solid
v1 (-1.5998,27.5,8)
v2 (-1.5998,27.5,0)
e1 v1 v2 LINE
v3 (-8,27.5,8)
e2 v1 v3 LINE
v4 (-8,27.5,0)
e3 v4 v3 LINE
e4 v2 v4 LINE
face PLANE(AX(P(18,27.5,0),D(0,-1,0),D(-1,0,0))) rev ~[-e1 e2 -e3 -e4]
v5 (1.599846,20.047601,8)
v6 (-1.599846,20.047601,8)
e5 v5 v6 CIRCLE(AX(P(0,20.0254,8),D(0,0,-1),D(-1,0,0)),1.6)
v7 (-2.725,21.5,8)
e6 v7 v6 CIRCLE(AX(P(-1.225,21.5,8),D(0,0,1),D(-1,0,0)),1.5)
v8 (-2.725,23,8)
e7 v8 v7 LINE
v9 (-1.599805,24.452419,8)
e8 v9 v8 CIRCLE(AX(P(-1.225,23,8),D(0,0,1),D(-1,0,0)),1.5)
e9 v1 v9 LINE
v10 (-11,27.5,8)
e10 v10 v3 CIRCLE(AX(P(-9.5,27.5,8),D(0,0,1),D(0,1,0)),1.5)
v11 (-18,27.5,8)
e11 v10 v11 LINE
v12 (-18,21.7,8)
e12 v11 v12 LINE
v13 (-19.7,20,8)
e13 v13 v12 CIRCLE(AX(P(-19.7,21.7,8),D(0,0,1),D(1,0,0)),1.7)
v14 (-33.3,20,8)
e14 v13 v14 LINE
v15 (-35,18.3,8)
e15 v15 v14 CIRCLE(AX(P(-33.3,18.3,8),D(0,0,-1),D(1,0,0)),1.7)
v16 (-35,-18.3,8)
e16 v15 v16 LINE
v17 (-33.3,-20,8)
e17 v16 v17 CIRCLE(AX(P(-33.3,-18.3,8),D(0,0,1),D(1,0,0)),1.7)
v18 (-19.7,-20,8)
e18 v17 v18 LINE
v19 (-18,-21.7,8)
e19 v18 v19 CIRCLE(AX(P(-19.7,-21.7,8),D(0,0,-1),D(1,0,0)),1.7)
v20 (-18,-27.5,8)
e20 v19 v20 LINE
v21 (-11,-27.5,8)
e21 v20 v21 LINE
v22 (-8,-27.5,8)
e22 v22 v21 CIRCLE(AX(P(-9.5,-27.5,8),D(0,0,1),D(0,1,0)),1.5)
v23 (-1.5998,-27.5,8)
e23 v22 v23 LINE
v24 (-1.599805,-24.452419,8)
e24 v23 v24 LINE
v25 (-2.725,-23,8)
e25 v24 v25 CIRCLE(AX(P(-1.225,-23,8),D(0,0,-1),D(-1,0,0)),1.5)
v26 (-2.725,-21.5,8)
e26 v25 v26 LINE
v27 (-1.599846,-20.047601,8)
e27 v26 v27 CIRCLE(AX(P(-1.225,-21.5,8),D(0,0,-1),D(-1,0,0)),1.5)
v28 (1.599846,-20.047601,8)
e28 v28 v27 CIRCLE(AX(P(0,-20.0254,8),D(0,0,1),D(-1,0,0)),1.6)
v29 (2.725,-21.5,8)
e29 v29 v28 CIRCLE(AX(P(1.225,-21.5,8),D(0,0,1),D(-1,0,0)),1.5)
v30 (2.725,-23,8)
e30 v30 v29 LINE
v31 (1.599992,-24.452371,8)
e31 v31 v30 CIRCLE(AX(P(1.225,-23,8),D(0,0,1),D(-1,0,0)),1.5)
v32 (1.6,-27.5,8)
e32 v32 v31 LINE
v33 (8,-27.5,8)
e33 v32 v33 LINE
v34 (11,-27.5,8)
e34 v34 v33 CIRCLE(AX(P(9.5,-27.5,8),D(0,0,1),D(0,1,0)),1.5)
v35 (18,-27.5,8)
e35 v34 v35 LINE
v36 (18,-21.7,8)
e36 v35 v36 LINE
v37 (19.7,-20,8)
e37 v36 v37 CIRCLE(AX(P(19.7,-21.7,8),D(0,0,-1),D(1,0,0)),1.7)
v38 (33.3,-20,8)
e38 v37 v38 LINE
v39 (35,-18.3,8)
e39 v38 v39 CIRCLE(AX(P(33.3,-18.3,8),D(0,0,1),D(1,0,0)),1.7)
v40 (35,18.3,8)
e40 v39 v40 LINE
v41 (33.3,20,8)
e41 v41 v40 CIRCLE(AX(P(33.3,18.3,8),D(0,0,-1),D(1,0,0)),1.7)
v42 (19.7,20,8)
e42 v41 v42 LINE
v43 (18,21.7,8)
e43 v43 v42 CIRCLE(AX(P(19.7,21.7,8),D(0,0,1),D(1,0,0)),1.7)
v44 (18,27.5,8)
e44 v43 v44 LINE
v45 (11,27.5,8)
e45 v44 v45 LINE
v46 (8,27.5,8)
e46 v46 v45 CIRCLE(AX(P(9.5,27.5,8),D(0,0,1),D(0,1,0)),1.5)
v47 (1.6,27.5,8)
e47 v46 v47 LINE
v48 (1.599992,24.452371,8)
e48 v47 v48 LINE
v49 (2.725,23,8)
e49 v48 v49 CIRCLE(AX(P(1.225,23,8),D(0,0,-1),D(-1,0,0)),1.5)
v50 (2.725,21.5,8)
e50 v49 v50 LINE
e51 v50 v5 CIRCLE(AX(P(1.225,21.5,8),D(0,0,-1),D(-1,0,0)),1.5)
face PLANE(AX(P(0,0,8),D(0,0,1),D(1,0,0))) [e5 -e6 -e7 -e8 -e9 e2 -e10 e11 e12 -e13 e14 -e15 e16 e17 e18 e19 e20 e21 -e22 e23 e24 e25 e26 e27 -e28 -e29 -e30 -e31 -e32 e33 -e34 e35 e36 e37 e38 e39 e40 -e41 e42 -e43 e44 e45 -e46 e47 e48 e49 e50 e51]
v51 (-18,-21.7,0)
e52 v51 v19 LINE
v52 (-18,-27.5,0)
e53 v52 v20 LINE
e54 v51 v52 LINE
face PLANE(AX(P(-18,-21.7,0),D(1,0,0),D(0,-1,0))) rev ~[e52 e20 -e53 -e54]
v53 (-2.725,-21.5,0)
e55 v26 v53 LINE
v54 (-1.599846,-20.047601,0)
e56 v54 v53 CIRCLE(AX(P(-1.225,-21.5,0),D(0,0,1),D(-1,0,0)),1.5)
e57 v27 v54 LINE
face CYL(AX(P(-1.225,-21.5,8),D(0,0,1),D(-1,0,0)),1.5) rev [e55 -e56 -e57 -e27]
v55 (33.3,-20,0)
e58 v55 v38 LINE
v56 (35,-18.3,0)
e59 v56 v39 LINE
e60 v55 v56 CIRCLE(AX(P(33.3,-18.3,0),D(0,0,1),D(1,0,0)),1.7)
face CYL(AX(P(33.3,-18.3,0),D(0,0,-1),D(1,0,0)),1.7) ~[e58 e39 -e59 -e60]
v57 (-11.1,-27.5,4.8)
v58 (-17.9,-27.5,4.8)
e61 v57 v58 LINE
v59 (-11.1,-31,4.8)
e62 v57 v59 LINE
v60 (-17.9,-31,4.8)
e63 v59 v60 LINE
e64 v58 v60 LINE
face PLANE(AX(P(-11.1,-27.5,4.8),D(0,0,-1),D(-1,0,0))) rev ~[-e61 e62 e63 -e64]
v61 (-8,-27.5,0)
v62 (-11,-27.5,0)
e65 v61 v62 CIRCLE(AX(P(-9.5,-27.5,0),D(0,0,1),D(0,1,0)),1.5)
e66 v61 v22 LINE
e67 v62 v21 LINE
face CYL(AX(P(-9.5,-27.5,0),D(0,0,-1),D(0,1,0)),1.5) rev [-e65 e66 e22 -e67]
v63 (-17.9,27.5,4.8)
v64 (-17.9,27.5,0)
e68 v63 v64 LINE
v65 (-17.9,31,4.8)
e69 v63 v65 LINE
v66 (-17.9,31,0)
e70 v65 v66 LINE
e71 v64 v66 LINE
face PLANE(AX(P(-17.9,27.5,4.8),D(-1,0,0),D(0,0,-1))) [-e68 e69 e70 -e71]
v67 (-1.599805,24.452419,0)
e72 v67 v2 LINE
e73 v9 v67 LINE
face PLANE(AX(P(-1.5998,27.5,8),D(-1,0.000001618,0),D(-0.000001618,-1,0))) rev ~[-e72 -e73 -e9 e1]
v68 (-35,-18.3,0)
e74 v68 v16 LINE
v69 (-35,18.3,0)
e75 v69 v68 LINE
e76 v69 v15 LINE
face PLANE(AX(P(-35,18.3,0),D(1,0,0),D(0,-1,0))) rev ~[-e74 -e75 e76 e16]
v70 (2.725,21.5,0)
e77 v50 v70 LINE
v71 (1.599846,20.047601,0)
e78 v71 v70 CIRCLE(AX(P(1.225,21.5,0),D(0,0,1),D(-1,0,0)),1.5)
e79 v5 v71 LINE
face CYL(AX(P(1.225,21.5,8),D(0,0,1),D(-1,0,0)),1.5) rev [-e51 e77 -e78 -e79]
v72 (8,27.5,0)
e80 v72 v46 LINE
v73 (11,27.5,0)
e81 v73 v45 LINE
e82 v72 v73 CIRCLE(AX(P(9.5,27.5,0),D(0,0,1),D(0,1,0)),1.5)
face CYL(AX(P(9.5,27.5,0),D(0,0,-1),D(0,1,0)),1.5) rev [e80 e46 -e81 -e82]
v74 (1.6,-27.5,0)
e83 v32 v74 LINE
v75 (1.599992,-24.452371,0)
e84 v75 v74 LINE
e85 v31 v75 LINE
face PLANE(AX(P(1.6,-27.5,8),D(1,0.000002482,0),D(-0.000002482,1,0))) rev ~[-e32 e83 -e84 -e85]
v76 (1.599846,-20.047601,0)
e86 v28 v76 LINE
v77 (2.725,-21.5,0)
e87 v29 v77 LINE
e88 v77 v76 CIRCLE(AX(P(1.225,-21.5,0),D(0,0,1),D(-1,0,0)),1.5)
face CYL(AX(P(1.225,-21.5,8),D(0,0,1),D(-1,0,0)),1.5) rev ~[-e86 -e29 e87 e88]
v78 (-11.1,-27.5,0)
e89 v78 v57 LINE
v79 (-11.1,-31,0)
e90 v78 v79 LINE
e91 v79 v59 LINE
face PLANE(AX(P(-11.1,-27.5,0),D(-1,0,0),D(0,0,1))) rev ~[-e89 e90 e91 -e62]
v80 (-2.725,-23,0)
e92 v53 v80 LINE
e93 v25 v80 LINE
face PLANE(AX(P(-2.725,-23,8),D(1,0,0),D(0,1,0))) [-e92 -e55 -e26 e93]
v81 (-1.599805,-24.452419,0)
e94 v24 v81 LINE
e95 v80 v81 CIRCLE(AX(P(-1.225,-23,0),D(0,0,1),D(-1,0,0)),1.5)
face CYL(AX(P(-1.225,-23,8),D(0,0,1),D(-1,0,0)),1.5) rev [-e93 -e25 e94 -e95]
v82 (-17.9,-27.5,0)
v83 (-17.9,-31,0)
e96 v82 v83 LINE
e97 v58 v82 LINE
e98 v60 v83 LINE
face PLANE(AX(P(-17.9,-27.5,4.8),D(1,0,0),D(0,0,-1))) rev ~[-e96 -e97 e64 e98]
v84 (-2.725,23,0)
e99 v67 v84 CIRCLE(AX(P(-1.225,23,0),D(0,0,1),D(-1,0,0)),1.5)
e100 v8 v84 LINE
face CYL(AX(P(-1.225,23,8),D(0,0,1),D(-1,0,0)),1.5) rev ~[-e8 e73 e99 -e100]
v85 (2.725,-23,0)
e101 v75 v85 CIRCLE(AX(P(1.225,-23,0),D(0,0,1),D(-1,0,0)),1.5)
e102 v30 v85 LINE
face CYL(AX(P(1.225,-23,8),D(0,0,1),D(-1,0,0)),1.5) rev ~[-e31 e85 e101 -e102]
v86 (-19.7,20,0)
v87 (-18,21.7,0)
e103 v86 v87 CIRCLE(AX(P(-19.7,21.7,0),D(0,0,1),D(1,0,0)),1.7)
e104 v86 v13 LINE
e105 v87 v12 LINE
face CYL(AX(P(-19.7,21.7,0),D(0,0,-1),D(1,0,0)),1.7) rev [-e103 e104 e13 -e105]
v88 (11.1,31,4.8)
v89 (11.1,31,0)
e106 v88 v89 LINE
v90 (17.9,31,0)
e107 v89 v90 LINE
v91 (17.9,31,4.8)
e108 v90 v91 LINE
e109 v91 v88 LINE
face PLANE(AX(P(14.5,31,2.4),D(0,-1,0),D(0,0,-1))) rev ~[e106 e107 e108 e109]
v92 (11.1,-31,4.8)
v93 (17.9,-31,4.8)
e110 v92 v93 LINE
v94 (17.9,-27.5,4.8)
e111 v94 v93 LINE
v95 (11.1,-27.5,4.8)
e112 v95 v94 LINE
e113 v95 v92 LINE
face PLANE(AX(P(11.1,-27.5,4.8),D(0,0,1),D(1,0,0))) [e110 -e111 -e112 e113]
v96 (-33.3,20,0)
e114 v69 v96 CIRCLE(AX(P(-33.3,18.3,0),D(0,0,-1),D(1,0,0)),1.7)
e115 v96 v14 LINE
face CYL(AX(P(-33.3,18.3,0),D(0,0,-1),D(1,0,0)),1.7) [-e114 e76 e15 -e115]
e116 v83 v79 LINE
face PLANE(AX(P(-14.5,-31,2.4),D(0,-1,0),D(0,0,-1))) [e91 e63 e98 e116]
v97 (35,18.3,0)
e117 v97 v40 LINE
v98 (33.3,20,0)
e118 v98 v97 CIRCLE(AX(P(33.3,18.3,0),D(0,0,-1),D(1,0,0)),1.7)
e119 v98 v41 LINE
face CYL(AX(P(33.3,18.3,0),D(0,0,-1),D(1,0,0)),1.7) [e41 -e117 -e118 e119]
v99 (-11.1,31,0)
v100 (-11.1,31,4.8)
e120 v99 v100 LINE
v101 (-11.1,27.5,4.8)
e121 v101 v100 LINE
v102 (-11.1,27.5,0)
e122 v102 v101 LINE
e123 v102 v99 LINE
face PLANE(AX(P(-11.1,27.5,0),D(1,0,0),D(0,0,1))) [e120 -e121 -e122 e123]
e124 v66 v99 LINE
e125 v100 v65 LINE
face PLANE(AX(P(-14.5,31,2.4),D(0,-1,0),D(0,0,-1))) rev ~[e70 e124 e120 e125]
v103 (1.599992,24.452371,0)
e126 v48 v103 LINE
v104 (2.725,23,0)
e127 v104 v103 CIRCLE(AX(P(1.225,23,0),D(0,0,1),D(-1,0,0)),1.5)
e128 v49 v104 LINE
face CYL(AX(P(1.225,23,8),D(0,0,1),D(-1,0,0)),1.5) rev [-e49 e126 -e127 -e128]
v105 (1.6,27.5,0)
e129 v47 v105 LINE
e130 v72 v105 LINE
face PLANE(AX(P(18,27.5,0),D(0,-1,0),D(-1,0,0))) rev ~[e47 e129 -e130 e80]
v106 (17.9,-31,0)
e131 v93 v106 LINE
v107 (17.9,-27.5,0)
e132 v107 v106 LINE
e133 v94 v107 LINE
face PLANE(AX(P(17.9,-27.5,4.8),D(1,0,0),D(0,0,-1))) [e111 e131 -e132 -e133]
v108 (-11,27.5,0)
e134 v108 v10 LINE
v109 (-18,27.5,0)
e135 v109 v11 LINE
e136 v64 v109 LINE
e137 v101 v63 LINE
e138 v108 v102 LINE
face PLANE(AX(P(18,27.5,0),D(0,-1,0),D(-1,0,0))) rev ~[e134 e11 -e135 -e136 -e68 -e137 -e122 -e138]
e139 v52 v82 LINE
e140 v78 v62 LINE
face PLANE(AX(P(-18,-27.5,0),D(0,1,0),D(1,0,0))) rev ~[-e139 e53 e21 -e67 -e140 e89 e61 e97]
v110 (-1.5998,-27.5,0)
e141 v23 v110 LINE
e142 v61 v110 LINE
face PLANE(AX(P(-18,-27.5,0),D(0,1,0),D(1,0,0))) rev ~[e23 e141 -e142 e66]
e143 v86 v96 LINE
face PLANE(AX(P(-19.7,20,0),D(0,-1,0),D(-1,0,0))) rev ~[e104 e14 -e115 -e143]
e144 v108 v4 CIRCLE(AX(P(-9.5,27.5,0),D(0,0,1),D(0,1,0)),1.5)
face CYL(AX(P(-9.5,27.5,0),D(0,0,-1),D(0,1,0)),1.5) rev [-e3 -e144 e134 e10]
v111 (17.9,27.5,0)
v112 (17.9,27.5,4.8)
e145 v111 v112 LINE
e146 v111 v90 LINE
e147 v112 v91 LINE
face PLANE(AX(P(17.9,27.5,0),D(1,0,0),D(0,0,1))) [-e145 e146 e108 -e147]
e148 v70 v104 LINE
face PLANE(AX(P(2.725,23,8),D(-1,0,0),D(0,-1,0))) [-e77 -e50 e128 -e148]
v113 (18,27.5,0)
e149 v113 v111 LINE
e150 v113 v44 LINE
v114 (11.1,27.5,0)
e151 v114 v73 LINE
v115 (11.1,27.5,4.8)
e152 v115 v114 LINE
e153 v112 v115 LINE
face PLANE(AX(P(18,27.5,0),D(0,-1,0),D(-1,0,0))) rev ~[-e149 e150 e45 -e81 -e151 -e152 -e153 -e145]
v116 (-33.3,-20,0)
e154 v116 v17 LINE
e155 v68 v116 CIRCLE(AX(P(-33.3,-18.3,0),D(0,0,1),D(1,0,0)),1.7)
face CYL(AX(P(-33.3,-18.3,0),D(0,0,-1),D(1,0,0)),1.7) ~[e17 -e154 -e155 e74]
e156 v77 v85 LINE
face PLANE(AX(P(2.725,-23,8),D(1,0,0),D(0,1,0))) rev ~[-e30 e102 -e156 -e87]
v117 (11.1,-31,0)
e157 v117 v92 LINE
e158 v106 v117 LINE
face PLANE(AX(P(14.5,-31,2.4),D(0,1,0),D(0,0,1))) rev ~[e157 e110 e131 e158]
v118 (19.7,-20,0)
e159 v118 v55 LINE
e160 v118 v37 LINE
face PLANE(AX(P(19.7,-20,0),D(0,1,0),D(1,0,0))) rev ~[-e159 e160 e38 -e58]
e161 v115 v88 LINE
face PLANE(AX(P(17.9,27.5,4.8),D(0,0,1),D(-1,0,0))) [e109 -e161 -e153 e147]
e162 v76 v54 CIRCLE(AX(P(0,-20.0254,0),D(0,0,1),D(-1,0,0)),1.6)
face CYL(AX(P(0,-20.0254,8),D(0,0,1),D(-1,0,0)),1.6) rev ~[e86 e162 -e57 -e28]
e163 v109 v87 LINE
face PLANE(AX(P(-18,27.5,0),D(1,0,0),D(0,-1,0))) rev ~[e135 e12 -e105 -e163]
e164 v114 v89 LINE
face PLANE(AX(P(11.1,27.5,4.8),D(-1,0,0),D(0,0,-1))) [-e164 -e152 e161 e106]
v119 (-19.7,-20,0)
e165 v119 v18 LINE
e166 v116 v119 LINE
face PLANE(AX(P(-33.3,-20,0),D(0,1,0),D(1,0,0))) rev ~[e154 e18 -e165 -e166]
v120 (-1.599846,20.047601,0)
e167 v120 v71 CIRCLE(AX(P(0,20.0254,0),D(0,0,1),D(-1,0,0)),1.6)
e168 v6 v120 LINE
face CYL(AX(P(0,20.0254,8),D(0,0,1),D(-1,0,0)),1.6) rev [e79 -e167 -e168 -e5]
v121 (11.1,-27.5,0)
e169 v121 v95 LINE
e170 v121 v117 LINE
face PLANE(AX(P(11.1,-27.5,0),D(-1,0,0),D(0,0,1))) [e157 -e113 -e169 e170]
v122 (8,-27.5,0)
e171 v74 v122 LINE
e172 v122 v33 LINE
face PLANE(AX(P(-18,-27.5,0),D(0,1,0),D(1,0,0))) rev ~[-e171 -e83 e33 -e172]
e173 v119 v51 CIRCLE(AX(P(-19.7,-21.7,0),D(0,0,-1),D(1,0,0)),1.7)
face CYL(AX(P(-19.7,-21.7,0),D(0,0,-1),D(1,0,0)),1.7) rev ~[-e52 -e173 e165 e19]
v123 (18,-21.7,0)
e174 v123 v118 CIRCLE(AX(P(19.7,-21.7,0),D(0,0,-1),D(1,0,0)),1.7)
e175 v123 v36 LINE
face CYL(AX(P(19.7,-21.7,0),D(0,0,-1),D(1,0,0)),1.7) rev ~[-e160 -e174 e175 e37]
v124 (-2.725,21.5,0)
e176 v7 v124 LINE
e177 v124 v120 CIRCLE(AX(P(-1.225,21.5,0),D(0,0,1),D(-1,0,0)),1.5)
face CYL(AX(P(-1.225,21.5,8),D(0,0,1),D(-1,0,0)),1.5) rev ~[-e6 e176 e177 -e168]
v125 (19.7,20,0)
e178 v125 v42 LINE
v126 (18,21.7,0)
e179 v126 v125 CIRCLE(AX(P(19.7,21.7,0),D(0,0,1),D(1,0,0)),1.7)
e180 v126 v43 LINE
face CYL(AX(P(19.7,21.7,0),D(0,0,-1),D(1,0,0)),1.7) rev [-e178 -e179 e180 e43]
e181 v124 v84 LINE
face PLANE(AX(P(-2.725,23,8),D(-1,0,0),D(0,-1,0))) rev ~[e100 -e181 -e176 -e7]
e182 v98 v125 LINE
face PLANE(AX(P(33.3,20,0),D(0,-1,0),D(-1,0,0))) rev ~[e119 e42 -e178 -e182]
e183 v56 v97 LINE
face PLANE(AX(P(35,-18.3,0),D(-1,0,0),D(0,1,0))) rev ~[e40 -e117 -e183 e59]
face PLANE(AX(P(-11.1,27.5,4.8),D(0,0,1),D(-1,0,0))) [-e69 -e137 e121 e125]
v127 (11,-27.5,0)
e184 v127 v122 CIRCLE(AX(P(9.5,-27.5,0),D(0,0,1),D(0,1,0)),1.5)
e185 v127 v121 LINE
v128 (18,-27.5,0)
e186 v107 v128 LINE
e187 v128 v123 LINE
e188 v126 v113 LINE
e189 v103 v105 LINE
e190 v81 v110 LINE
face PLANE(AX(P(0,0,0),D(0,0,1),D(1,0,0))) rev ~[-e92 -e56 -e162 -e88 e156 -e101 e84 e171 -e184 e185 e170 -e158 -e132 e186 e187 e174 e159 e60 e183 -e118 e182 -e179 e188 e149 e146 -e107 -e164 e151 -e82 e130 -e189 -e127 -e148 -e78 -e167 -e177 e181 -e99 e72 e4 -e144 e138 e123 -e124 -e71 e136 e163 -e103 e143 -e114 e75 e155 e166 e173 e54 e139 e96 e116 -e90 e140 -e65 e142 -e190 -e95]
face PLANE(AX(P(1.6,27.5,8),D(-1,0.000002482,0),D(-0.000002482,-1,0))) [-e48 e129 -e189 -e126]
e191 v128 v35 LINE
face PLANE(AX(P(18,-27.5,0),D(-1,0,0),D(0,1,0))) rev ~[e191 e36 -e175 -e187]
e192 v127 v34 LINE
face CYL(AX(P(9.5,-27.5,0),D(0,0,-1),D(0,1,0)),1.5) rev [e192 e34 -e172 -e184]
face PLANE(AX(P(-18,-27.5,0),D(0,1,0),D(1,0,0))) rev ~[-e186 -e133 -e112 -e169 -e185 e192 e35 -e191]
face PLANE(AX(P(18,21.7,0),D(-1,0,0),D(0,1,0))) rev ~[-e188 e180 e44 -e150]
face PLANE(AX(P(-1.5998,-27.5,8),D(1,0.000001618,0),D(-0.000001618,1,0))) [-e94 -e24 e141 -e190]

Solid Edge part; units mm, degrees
sketch "Sketch1" plane through (0, 0, 0) normal (0, 0, 1) x (1, 0, 0)
  line L0 (-18, -27.5) -> (18, -27.5)
  line L1 (18, -27.5) -> (18, -21.7)
  arc A0 (18, -21.7) -> (19.7, -20) centre (19.7, -21.7) cw
  line L2 (19.7, -20) -> (33.3, -20)
  arc A1 (33.3, -20) -> (35, -18.3) centre (33.3, -18.3) ccw
  line L3 (35, -18.3) -> (35, 18.3)
  arc A2 (33.3, 20) -> (35, 18.3) centre (33.3, 18.3) cw
  line L4 (33.3, 20) -> (19.7, 20)
  arc A3 (18, 21.7) -> (19.7, 20) centre (19.7, 21.7) ccw
  line L5 (18, 21.7) -> (18, 27.5)
  line L6 (18, 27.5) -> (-18, 27.5)
  line L7 (-18, 27.5) -> (-18, 21.7)
  arc A4 (-19.7, 20) -> (-18, 21.7) centre (-19.7, 21.7) ccw
  line L8 (-19.7, 20) -> (-33.3, 20)
  arc A5 (-35, 18.3) -> (-33.3, 20) centre (-33.3, 18.3) cw
  line L9 (-35, 18.3) -> (-35, -18.3)
  arc A6 (-35, -18.3) -> (-33.3, -20) centre (-33.3, -18.3) ccw
  line L10 (-33.3, -20) -> (-19.7, -20)
  arc A7 (-19.7, -20) -> (-18, -21.7) centre (-19.7, -21.7) cw
  line L11 (-18, -21.7) -> (-18, -27.5)
extrude "Protrusion1" add sketch "Sketch1" along normal blind 8
sketch "Sketch2" plane through (0, -27.5, 4) normal (0, -1, 0) x (1, 0, 0)
  line L0 (-11.1, 0.8) -> (-17.9, 0.8)
  line L1 (-17.9, 0.8) -> (-17.9, -4)
  line L2 (-17.9, -4) -> (-11.1, -4)
  line L3 (-11.1, -4) -> (-11.1, 0.8)
  line L4 (11.1, 0.8) -> (17.9, 0.8)
  line L5 (17.9, 0.8) -> (17.9, -4)
  line L6 (17.9, -4) -> (11.1, -4)
  line L7 (11.1, -4) -> (11.1, 0.8)
extrude "ExtrudedProtrusion_2" add sketch "Sketch2" along normal blind 3.5
sketch "Sketch3" plane through (0, 27.5, 4) normal (0, 1, 0) x (-1, 0, 0)
  line L0 (-17.9, 0.8) -> (-11.1, 0.8)
  line L1 (-11.1, 0.8) -> (-11.1, -4)
  line L2 (-11.1, -4) -> (-17.9, -4)
  line L3 (-17.9, -4) -> (-17.9, 0.8)
extrude "ExtrudedProtrusion_3" add sketch "Sketch3" along normal blind 3.5
sketch "Sketch4" plane through (0, 0, 0) normal (0, 0, -1) x (0, 1, 0)
  arc A0 (-27.5, -8) -> (-27.5, -11) centre (-27.5, -9.5) cw
  line L0 (-27.5, -8) -> (-27.5, -11)
  arc A1 (-27.5, 11) -> (-27.5, 8) centre (-27.5, 9.5) cw
  line L1 (-27.5, 8) -> (-27.5, 11)
  arc A2 (27.5, -11) -> (27.5, -8) centre (27.5, -9.5) cw
  line L2 (27.5, -8) -> (27.5, -11)
  arc A3 (27.5, 8) -> (27.5, 11) centre (27.5, 9.5) cw
  line L3 (27.5, 8) -> (27.5, 11)
extrude "ExtrudedCutout_2" cut sketch "Sketch4" against normal blind 8
sketch "Sketch5" plane through (0, 27.5, 4) normal (0, 1, 0) x (-1, 0, 0)
  line L0 (11.1, 0.8) -> (17.9, 0.8)
  line L1 (17.9, 0.8) -> (17.9, -4)
  line L2 (17.9, -4) -> (11.1, -4)
  line L3 (11.1, -4) -> (11.1, 0.8)
extrude "ExtrudedProtrusion_4" add sketch "Sketch5" along normal blind 3.5
sketch "Sketch6" plane through (0, 0, 8) normal (0, 0, 1) x (-1, 0, 0)
  arc A0 (-1.5998, 20.0476) -> (1.5998, 20.0476) centre (0, 20.0254) ccw
  arc A1 (2.725, 21.5) -> (1.5998, 20.0476) centre (1.225, 21.5) cw
  line L0 (2.725, 23) -> (2.725, 21.5)
  arc A2 (1.5998, 24.4524) -> (2.725, 23) centre (1.225, 23) cw
  line L1 (1.5998, 27.5) -> (1.5998, 24.4524)
  line L2 (0, 27.5) -> (1.5998, 27.5)
  line L3 (0, 27.5) -> (-1.6, 27.5)
  line L4 (-1.6, 27.5) -> (-1.6, 24.4524)
  arc A3 (-1.6, 24.4524) -> (-2.725, 23) centre (-1.225, 23) ccw
  line L5 (-2.725, 23) -> (-2.725, 21.5)
  arc A4 (-2.725, 21.5) -> (-1.5998, 20.0476) centre (-1.225, 21.5) ccw
  arc A5 (-1.5998, -20.0476) -> (1.5998, -20.0476) centre (0, -20.0254) cw
  arc A6 (2.725, -21.5) -> (1.5998, -20.0476) centre (1.225, -21.5) ccw
  line L6 (2.725, -23) -> (2.725, -21.5)
  arc A7 (1.5998, -24.4524) -> (2.725, -23) centre (1.225, -23) ccw
  line L7 (1.5998, -27.5) -> (1.5998, -24.4524)
  line L8 (0, -27.5) -> (1.5998, -27.5)
  line L9 (0, -27.5) -> (-1.6, -27.5)
  line L10 (-1.6, -27.5) -> (-1.6, -24.4524)
  arc A8 (-1.6, -24.4524) -> (-2.725, -23) centre (-1.225, -23) cw
  line L11 (-2.725, -23) -> (-2.725, -21.5)
  arc A9 (-2.725, -21.5) -> (-1.5998, -20.0476) centre (-1.225, -21.5) cw
extrude "Cutout1" cut sketch "Sketch6" against normal up to next
properties material "Polycarbonate"
